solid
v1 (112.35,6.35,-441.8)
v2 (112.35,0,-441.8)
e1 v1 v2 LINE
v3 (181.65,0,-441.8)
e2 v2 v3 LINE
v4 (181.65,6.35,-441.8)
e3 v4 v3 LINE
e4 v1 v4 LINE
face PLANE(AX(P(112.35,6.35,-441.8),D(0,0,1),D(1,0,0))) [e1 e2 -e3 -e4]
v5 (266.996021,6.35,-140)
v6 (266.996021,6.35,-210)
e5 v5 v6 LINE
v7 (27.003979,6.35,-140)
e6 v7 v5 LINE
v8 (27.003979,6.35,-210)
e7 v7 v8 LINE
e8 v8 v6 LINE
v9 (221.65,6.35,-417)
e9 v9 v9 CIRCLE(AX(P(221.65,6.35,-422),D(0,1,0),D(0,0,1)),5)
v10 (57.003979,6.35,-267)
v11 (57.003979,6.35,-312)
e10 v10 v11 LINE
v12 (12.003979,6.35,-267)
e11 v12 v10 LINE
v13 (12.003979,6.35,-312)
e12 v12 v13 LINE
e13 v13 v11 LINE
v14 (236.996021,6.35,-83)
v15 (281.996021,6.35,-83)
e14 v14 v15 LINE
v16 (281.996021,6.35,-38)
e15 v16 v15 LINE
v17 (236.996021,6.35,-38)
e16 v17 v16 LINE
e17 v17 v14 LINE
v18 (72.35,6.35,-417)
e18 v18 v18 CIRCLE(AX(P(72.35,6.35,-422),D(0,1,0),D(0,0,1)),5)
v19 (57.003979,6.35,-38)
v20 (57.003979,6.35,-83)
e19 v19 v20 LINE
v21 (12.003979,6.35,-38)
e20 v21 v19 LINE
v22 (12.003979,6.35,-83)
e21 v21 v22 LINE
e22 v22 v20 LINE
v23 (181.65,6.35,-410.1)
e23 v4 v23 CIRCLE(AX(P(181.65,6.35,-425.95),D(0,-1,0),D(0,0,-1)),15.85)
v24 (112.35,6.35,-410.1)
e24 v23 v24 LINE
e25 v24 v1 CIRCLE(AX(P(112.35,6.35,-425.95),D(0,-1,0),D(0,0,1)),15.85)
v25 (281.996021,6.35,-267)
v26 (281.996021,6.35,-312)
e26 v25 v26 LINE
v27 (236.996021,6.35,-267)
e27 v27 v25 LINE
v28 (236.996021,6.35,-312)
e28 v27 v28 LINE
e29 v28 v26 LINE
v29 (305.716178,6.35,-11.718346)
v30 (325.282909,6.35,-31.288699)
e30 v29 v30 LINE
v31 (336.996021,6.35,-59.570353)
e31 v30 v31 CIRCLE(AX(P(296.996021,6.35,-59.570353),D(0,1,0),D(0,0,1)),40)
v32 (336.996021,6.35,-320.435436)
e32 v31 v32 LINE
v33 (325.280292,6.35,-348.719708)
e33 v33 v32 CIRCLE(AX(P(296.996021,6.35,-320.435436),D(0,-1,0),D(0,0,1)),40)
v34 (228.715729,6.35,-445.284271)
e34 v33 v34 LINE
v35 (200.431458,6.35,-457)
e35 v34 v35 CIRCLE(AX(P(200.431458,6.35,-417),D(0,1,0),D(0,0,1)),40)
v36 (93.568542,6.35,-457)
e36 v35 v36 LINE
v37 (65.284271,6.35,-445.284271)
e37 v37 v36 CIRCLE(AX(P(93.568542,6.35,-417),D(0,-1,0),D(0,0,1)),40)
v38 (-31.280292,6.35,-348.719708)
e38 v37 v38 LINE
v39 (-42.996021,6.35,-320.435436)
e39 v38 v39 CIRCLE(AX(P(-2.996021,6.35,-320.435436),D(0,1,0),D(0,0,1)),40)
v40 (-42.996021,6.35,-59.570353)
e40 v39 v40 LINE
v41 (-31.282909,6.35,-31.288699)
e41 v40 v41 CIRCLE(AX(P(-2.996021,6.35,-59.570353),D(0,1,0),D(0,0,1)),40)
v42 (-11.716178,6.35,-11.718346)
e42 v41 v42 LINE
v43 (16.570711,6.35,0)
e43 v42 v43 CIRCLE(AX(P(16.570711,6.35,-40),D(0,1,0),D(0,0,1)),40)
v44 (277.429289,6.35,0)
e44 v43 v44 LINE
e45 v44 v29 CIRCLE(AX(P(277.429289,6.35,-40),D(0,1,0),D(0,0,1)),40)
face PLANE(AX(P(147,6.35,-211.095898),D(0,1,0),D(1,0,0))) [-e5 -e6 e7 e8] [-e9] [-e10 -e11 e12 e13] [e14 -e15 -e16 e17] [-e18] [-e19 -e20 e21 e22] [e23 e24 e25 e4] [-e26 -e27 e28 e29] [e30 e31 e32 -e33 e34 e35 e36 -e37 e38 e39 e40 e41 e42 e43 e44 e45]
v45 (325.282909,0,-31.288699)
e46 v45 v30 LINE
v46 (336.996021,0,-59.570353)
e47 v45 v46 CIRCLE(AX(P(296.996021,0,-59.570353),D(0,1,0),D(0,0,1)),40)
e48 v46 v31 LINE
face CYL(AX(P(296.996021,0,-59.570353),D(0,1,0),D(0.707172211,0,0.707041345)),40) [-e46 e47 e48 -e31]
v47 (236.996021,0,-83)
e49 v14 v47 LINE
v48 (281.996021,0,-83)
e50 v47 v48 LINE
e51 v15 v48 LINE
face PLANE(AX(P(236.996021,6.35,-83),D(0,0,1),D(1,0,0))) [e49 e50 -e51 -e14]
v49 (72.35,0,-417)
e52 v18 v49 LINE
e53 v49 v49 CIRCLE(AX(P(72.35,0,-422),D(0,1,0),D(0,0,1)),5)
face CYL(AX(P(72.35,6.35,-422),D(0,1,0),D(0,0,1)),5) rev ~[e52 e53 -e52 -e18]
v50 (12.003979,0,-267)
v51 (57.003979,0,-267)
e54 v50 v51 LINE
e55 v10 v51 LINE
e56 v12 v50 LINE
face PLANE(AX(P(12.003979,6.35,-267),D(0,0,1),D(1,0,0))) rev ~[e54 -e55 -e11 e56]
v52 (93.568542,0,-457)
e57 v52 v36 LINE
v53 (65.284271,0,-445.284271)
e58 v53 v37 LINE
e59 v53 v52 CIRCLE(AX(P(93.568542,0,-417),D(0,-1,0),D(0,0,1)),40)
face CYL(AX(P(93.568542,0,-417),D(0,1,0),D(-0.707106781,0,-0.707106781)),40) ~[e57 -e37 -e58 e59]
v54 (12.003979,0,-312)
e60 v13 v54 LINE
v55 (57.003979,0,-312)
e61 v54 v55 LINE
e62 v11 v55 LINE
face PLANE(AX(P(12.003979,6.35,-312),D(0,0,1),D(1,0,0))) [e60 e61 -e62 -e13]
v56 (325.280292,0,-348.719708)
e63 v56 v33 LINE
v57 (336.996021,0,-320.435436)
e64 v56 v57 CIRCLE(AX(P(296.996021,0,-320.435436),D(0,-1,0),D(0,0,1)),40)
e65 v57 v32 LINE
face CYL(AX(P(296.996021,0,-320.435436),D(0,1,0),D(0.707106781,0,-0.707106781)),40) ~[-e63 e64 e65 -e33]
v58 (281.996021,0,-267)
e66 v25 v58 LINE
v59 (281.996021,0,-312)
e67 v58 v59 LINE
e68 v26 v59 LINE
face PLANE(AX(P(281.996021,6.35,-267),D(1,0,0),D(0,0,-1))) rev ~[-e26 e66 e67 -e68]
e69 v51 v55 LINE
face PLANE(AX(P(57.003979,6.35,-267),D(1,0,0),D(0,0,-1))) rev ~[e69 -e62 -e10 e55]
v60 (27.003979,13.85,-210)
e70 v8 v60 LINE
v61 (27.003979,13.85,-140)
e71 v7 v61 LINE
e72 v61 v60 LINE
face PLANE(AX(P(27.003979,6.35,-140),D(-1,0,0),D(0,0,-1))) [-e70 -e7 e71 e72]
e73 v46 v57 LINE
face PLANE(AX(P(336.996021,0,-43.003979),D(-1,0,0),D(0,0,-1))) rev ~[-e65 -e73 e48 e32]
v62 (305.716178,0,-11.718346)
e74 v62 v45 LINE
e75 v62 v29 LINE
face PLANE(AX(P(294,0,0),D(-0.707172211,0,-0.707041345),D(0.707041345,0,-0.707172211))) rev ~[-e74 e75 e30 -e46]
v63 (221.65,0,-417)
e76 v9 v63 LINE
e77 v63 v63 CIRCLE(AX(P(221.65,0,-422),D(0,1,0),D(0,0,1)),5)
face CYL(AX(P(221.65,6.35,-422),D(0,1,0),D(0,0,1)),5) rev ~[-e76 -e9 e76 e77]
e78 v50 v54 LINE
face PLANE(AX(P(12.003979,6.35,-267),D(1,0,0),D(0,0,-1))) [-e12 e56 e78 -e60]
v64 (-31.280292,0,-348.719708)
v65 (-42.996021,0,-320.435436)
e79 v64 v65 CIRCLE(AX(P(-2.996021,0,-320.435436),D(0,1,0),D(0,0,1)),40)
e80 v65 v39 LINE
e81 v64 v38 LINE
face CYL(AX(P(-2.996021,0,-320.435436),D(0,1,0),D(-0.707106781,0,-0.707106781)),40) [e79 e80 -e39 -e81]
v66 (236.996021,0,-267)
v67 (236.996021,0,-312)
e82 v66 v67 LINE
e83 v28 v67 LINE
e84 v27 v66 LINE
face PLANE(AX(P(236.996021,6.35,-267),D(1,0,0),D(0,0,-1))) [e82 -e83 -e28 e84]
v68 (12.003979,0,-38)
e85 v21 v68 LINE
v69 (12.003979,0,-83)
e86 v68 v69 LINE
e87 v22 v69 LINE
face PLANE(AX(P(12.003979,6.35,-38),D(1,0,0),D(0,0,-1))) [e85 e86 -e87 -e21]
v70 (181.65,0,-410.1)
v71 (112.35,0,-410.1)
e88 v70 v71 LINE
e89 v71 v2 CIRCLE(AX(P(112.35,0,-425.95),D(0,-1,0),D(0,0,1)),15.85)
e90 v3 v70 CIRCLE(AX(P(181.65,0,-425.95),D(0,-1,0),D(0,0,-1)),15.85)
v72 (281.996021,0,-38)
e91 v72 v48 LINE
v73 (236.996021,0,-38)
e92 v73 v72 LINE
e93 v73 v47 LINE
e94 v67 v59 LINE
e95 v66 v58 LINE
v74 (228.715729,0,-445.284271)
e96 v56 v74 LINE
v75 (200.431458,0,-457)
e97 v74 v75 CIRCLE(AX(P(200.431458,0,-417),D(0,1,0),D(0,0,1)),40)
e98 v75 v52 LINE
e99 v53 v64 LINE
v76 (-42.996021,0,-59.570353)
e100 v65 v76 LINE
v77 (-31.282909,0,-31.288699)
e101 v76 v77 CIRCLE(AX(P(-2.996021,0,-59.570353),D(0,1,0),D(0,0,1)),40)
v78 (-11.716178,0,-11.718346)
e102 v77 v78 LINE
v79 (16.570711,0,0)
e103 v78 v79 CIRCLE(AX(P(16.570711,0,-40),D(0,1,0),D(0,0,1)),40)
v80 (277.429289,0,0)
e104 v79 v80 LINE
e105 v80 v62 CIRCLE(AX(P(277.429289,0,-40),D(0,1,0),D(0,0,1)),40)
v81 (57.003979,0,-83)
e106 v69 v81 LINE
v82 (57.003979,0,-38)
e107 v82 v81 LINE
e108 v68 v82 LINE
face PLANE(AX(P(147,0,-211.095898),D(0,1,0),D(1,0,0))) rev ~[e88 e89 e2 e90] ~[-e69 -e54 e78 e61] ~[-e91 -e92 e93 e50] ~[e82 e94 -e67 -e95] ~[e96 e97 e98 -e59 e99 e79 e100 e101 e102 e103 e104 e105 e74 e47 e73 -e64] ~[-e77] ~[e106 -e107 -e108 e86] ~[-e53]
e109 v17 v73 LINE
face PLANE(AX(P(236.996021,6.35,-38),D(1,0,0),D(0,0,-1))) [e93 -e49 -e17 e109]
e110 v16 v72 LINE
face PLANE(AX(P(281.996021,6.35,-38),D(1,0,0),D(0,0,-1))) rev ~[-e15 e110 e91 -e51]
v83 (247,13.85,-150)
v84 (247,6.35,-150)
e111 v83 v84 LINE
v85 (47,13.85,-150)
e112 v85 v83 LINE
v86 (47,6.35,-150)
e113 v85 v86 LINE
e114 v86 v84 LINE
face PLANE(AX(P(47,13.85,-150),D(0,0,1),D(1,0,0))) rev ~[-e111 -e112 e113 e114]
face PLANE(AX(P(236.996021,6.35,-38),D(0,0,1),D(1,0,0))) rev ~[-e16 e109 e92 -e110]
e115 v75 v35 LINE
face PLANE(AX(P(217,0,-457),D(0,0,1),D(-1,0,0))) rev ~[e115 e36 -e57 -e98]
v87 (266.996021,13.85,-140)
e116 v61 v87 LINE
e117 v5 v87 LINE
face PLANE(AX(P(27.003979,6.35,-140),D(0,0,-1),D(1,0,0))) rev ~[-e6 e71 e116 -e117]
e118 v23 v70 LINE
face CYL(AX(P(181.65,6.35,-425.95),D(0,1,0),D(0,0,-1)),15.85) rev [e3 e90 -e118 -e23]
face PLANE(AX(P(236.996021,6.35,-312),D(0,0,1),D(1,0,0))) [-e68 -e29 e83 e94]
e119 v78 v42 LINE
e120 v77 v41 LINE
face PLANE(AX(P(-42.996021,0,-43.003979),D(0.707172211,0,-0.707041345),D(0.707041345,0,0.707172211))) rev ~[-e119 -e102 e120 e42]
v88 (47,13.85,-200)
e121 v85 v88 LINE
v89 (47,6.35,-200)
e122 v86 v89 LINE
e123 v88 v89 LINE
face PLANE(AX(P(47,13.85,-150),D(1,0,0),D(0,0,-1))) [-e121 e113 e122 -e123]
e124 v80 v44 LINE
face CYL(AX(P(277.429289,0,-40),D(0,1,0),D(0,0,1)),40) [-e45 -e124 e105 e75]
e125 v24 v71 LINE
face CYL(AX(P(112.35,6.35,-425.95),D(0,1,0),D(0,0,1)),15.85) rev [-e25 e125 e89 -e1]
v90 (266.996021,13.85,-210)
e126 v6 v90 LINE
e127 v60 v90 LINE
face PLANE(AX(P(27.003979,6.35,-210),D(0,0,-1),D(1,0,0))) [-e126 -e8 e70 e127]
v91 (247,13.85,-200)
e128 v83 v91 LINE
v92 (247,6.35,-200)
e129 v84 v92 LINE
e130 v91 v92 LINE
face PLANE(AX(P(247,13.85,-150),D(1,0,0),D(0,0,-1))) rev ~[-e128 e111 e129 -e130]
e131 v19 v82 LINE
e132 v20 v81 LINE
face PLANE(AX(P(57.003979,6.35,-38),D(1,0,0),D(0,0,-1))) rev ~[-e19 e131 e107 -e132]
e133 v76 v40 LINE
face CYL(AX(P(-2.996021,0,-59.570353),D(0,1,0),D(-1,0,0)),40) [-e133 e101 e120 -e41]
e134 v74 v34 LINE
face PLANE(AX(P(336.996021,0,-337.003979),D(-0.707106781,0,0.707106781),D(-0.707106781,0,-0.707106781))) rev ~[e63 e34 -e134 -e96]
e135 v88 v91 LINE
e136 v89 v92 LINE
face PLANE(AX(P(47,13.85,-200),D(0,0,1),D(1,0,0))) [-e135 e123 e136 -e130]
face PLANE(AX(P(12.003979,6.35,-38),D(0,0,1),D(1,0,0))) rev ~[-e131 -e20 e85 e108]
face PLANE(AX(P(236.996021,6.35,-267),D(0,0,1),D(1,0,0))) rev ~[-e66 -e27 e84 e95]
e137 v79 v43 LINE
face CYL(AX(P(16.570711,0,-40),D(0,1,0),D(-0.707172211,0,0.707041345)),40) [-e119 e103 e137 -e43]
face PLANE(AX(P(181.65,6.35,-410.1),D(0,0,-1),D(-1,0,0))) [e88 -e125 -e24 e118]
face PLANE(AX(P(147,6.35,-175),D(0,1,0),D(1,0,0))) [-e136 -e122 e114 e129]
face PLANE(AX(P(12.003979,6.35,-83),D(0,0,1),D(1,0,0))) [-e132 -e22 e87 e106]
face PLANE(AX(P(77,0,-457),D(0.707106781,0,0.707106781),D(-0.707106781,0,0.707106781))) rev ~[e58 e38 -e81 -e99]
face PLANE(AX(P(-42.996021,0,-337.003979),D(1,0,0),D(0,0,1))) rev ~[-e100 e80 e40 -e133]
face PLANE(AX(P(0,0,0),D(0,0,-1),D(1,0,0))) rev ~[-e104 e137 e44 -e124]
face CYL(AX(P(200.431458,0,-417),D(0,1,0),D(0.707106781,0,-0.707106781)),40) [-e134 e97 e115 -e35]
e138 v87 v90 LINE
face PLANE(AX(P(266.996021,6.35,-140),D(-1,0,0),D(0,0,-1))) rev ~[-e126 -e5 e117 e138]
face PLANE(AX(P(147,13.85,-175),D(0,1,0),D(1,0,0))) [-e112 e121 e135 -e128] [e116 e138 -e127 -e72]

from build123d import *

# Parameters (mm, degrees)
BODY_DEPTH                         = 6.35
HANDLE_DEPTH                       = 6.35
SKETCH3_R                          = 10
BEARING_RINGS_DEPTH                = 3.175
SKETCH7_W                          = 239.992041534
SKETCH7_H                          = 70
OUTSIDE_PERIMETER_CONSTRAINT_DEPTH = 7.5
SKETCH10_W                         = 200
SKETCH10_H                         = 50
INSIDE_PERIMETER_CONSTRAINT_DEPTH  = 7.5
SKETCH11_R                         = 5
LOCKING_MECHANISM_HOLES_DEPTH      = 6.36
SKETCH12_W                         = 45
SKETCH12_H                         = 45
SQUARE_BEARING_CUT_DEPTH           = 6.35
FILLET1_R                          = 40
FILLET2_R                          = 40


with BuildPart() as part:
    # Sketch1 → Body (new body)
    with BuildSketch(Plane(origin=(0, 0, 0), x_dir=(1, 0, 0), z_dir=(0, 1, 0))):
        Polygon((0, 0), (294, 0), (336.996020767, 43.003978862), (336.996020767, 337.003978862), (217, 456.999999629), (77, 456.999999629), (-42.996020767, 337.003978862), (-42.996020767, 43.003978862), align=None)
    extrude(amount=BODY_DEPTH)

    # Sketch2 → Handle (cut)
    with BuildSketch(Plane(origin=(0, 6.35, 0), x_dir=(1, 0, 0), z_dir=(0, 1, 0))):
        with BuildLine():
            Line((112.35, 441.799999629), (181.65, 441.799999629))
            ThreePointArc((181.65, 441.799999629), (197.5, 425.949999629), (181.65, 410.099999629))
            Line((181.65, 410.099999629), (112.35, 410.099999629))
            ThreePointArc((112.35, 410.099999629), (96.5, 425.949999629), (112.35, 441.799999629))
        make_face()
    extrude(amount=-HANDLE_DEPTH, mode=Mode.SUBTRACT)

    # Sketch3 → Bearing Rings (cut)
    with BuildSketch(Plane(origin=(0, 6.35, 0), x_dir=(1, 0, 0), z_dir=(0, 1, 0))):
        with Locations(Location((27.003979233, 300, 0), (0, 0, 270))):
            Circle(SKETCH3_R)
        with Locations(Location((266.996020767, 300, 0), (0, 0, 270))):
            Circle(SKETCH3_R)
        with Locations(Location((266.996020767, 50, 0), (0, 0, 270))):
            Circle(SKETCH3_R)
        with Locations(Location((27.003979233, 50, 0), (0, 0, 270))):
            Circle(SKETCH3_R)
    extrude(amount=-BEARING_RINGS_DEPTH, mode=Mode.SUBTRACT)

    # Sketch7 → Outside Perimeter Constraint (add)
    with BuildSketch(Plane(origin=(0, 6.35, 0), x_dir=(1, 0, 0), z_dir=(0, 1, 0))):
        with Locations((147, 175)):
            Rectangle(SKETCH7_W, SKETCH7_H)
    extrude(amount=OUTSIDE_PERIMETER_CONSTRAINT_DEPTH)

    # Sketch10 → Inside Perimeter Constraint (cut)
    with BuildSketch(Plane(origin=(0, 13.85, 0), x_dir=(1, 0, 0), z_dir=(0, 1, 0))):
        with Locations((147, 175)):
            Rectangle(SKETCH10_W, SKETCH10_H)
    extrude(amount=-INSIDE_PERIMETER_CONSTRAINT_DEPTH, mode=Mode.SUBTRACT)

    # Sketch11 → Locking Mechanism Holes (cut)
    with BuildSketch(Plane(origin=(0, 6.35, 0), x_dir=(1, 0, 0), z_dir=(0, 1, 0))):
        with Locations(Location((221.65, 421.999999629, 0), (0, 0, 270))):
            Circle(SKETCH11_R)
        with Locations(Location((72.35, 421.999999629, 0), (0, 0, 270))):
            Circle(SKETCH11_R)
    extrude(amount=-LOCKING_MECHANISM_HOLES_DEPTH, mode=Mode.SUBTRACT)

    # Sketch12 → Square Bearing Cut (cut)
    with BuildSketch(Plane(origin=(0, 6.35, 0), x_dir=(1, 0, 0), z_dir=(0, 1, 0))):
        with Locations((34.503979233, 289.499999629)):
            Rectangle(SKETCH12_W, SKETCH12_H)
        with Locations((259.496020767, 289.499999629)):
            Rectangle(SKETCH12_W, SKETCH12_H)
        with Locations((259.496020767, 60.500000371)):
            Rectangle(SKETCH12_W, SKETCH12_H)
        with Locations((34.503979233, 60.500000371)):
            Rectangle(SKETCH12_W, SKETCH12_H)
    extrude(amount=-SQUARE_BEARING_CUT_DEPTH, mode=Mode.SUBTRACT)

    # Fillet1
    fillet1_edges = [part.edges().sort_by_distance(p)[0] for p in [
        (77, 3.175, -456.999999629),
        (217, 3.175, -456.999999629),
    ]]
    fillet(fillet1_edges, radius=FILLET1_R)

    # Fillet2
    fillet2_edges = [part.edges().sort_by_distance(p)[0] for p in [
        (-42.996020767, 3.175, -43.003978862),
        (-42.996020767, 3.175, -337.003978862),
        (336.996020767, 3.175, -337.003978862),
        (336.996020767, 3.175, -43.003978862),
        (294, 3.175, 0),
        (0, 3.175, 0),
    ]]
    fillet(fillet2_edges, radius=FILLET2_R)


solid = part.part
